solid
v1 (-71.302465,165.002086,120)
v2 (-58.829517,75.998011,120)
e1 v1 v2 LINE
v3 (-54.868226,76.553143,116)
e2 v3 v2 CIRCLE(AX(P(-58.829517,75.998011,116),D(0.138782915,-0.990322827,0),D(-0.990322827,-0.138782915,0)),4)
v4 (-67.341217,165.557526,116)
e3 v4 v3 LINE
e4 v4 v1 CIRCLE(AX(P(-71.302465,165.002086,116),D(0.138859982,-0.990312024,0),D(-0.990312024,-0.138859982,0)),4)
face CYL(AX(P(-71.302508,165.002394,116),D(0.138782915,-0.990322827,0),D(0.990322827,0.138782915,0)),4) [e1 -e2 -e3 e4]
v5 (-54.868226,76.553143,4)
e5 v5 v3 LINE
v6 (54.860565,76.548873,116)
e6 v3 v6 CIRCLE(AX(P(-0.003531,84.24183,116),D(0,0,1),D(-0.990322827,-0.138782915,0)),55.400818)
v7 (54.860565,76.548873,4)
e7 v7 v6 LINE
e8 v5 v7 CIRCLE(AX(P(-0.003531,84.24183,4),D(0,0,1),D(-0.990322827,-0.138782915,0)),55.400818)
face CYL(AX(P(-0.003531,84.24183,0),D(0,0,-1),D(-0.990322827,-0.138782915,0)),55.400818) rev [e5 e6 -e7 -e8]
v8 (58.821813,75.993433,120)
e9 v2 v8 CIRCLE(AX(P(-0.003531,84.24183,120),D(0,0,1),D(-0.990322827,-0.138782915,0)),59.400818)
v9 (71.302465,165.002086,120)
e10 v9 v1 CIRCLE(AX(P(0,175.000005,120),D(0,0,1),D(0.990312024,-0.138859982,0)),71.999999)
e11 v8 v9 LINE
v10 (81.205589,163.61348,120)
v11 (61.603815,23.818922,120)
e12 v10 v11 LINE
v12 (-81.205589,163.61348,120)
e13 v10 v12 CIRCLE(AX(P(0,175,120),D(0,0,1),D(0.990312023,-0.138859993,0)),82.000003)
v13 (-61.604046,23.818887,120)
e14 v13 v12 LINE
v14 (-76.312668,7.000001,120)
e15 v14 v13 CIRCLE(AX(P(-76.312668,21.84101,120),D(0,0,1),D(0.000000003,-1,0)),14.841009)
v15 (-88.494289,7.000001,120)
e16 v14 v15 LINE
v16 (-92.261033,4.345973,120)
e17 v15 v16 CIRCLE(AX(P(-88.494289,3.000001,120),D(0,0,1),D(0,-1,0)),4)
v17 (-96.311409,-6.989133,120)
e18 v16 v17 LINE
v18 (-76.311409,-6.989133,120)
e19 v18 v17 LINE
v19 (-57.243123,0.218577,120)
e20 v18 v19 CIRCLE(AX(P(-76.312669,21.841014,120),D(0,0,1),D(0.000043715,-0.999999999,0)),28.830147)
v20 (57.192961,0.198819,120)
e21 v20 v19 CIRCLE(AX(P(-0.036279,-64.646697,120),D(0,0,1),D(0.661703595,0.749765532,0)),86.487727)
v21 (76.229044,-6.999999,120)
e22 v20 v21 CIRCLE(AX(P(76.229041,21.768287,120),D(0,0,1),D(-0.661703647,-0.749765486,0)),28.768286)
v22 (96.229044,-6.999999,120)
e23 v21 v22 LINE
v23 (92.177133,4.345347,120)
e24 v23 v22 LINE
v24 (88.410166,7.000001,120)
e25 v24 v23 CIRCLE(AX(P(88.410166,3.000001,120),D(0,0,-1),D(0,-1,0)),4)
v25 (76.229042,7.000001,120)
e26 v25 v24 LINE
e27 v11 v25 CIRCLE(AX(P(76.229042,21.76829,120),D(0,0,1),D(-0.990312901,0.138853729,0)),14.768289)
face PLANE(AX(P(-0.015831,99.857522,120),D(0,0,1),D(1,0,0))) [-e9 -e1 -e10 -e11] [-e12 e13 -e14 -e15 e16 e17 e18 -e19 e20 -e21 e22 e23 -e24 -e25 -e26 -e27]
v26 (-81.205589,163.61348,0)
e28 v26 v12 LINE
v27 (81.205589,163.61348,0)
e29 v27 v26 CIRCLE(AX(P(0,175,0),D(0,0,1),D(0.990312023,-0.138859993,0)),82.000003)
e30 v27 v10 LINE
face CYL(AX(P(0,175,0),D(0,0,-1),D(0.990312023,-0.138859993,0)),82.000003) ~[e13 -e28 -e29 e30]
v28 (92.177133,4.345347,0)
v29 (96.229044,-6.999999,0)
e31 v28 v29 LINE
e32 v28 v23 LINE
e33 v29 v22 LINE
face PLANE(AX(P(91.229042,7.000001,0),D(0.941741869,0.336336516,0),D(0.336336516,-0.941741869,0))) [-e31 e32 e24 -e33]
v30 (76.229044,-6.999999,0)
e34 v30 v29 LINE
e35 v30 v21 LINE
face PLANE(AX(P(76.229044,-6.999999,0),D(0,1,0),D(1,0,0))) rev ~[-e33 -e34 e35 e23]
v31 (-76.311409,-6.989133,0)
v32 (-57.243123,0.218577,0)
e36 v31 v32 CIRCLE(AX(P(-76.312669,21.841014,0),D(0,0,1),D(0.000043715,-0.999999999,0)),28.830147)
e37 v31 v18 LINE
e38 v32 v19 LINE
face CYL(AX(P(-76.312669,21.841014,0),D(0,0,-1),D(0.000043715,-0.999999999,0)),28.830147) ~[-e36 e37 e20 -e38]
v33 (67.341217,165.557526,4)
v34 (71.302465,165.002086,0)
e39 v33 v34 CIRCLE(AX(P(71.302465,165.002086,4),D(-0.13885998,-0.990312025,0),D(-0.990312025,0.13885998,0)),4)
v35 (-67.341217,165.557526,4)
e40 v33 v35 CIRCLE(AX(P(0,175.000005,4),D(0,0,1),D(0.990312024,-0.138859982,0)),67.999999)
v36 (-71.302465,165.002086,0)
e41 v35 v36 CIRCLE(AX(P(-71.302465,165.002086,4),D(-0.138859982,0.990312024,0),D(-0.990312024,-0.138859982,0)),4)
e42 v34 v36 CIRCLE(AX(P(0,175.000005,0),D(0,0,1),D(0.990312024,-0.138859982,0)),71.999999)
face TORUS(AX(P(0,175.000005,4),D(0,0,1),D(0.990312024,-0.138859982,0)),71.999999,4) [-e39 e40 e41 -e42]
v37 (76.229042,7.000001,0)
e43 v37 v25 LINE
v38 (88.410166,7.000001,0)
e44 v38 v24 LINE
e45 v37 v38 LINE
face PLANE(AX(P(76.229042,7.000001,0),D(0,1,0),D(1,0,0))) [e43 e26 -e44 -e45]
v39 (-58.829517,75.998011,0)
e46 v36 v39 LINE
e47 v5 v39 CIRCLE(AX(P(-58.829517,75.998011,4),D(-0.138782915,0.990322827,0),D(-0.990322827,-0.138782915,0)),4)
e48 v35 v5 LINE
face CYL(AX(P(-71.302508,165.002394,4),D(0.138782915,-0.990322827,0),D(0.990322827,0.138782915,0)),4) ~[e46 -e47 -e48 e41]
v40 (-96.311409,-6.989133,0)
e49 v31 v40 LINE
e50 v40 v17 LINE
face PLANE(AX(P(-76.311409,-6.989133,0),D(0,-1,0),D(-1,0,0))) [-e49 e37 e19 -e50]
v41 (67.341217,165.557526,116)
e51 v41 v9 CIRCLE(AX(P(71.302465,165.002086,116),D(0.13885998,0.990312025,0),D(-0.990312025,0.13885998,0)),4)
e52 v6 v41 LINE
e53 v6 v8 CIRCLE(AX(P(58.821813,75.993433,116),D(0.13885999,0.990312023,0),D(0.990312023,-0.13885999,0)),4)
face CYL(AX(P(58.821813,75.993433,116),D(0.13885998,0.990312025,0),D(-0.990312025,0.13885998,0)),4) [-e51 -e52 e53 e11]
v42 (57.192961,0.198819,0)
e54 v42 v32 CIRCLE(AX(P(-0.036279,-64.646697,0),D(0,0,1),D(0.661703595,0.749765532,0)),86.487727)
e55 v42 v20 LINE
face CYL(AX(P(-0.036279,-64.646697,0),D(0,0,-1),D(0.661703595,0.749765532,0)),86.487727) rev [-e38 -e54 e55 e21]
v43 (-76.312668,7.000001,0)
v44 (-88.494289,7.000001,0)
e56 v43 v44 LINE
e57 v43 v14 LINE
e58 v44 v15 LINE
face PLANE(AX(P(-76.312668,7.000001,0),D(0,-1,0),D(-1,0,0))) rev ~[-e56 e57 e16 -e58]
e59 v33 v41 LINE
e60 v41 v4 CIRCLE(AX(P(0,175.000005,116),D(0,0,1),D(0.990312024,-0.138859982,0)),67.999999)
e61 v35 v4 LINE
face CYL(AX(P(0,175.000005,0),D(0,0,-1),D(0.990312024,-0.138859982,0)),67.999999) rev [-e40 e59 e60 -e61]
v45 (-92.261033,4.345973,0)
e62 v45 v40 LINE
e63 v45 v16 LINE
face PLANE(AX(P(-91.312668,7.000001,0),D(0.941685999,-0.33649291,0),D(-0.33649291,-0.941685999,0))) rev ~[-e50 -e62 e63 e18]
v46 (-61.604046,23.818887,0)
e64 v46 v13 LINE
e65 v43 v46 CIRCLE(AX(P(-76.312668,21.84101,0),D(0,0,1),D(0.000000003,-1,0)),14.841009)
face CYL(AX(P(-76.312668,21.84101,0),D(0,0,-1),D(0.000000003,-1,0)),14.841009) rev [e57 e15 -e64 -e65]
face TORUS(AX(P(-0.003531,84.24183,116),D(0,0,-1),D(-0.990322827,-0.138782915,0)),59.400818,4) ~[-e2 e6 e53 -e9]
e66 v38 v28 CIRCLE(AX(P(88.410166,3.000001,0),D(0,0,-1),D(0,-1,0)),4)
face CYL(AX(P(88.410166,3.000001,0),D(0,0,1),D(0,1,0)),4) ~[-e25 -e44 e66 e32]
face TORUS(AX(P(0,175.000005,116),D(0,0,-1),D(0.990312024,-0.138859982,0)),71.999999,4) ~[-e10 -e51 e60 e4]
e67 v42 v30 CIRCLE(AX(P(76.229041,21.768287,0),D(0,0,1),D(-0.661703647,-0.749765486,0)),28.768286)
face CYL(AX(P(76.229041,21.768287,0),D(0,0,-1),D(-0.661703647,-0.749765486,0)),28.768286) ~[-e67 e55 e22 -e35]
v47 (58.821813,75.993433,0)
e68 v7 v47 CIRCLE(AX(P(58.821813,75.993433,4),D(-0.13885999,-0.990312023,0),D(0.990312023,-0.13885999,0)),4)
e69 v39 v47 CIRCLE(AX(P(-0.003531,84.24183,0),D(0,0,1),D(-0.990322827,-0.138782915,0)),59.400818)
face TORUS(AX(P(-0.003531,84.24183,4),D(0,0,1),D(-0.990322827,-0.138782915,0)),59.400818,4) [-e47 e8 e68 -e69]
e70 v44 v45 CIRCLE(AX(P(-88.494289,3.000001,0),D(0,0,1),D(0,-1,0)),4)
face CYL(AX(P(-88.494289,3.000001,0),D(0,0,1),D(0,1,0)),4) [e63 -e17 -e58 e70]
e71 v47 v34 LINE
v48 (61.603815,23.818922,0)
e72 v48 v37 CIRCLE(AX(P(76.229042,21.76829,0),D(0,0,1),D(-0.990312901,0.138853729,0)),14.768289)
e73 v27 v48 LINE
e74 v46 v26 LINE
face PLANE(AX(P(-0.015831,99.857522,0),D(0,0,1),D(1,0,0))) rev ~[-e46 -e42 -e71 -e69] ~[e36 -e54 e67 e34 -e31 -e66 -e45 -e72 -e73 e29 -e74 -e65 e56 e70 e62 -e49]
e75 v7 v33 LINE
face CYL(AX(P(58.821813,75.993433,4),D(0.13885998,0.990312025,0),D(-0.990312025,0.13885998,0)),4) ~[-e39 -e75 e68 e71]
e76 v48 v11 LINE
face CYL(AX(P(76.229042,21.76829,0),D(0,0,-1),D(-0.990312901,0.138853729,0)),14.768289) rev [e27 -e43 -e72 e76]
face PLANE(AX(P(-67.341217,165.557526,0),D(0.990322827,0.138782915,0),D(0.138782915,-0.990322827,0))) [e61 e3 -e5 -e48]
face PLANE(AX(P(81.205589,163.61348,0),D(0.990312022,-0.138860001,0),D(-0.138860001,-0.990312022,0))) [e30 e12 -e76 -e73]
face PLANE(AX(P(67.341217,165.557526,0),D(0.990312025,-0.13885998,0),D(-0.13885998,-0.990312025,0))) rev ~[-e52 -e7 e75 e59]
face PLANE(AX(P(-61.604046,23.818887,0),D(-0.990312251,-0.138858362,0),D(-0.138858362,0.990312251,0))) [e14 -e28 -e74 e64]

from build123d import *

# Parameters (mm, degrees)
PAD_DEPTH = 120
FILLET_R  = 4


with BuildPart() as part:
    # Sketch → Pad (new body)
    with BuildSketch(Plane.XY):
        with BuildLine():
            ThreePointArc((81.205589, 163.61348), (0, 257.000003), (-81.205589, 163.61348))
            Line((-61.604046, 23.818887), (-81.205589, 163.61348))
            ThreePointArc((-76.312668, 7.000001), (-65.141069, 12.071111), (-61.604046, 23.818887))
            Line((-76.312668, 7.000001), (-91.312668, 7.000001))
            Line((-91.312668, 7.000001), (-96.311409, -6.989133))
            Line((-76.311409, -6.989133), (-96.311409, -6.989133))
            ThreePointArc((-76.311409, -6.989133), (-66.118961, -5.12685), (-57.243123, 0.218577))
            ThreePointArc((57.192961, 0.198819), (-0.021346, 21.841028), (-57.243123, 0.218577))
            ThreePointArc((57.192961, 0.198819), (66.053148, -5.140178), (76.229044, -6.999999))
            Line((76.229044, -6.999999), (96.229044, -6.999999))
            Line((91.229042, 7.000001), (96.229044, -6.999999))
            Line((76.229042, 7.000001), (91.229042, 7.000001))
            ThreePointArc((61.603815, 23.818922), (65.084835, 12.077624), (76.229042, 7.000001))
            Line((81.205589, 163.61348), (61.603815, 23.818922))
        make_face()
        with BuildLine():
            ThreePointArc((67.341217, 165.557526), (0, 243.000004), (-67.341217, 165.557526))
            Line((-67.341217, 165.557526), (-54.868226, 76.553143))
            ThreePointArc((-54.868226, 76.553143), (-0.005687, 28.841012), (54.860565, 76.548873))
            Line((67.341217, 165.557526), (54.860565, 76.548873))
        make_face(mode=Mode.SUBTRACT)
    extrude(amount=PAD_DEPTH)

    # Fillet
    fillet_edges = [part.edges().sort_by_distance(p)[0] for p in [
        (-54.868226, 76.553143, 60),
        (54.860565, 76.548873, 60),
        (-0.005687, 28.841012, 0),
        (-0.005687, 28.841012, 120),
        (-67.341217, 165.557526, 60),
        (-61.104722, 121.055334, 0),
        (-61.104722, 121.055334, 120),
        (67.341217, 165.557526, 60),
        (0, 243.000004, 0),
        (0, 243.000004, 120),
        (61.100891, 121.0532, 0),
        (61.100891, 121.0532, 120),
        (-91.312668, 7.000001, 60),
        (91.229042, 7.000001, 60),
    ]]
    fillet(fillet_edges, radius=FILLET_R)


solid = part.part
